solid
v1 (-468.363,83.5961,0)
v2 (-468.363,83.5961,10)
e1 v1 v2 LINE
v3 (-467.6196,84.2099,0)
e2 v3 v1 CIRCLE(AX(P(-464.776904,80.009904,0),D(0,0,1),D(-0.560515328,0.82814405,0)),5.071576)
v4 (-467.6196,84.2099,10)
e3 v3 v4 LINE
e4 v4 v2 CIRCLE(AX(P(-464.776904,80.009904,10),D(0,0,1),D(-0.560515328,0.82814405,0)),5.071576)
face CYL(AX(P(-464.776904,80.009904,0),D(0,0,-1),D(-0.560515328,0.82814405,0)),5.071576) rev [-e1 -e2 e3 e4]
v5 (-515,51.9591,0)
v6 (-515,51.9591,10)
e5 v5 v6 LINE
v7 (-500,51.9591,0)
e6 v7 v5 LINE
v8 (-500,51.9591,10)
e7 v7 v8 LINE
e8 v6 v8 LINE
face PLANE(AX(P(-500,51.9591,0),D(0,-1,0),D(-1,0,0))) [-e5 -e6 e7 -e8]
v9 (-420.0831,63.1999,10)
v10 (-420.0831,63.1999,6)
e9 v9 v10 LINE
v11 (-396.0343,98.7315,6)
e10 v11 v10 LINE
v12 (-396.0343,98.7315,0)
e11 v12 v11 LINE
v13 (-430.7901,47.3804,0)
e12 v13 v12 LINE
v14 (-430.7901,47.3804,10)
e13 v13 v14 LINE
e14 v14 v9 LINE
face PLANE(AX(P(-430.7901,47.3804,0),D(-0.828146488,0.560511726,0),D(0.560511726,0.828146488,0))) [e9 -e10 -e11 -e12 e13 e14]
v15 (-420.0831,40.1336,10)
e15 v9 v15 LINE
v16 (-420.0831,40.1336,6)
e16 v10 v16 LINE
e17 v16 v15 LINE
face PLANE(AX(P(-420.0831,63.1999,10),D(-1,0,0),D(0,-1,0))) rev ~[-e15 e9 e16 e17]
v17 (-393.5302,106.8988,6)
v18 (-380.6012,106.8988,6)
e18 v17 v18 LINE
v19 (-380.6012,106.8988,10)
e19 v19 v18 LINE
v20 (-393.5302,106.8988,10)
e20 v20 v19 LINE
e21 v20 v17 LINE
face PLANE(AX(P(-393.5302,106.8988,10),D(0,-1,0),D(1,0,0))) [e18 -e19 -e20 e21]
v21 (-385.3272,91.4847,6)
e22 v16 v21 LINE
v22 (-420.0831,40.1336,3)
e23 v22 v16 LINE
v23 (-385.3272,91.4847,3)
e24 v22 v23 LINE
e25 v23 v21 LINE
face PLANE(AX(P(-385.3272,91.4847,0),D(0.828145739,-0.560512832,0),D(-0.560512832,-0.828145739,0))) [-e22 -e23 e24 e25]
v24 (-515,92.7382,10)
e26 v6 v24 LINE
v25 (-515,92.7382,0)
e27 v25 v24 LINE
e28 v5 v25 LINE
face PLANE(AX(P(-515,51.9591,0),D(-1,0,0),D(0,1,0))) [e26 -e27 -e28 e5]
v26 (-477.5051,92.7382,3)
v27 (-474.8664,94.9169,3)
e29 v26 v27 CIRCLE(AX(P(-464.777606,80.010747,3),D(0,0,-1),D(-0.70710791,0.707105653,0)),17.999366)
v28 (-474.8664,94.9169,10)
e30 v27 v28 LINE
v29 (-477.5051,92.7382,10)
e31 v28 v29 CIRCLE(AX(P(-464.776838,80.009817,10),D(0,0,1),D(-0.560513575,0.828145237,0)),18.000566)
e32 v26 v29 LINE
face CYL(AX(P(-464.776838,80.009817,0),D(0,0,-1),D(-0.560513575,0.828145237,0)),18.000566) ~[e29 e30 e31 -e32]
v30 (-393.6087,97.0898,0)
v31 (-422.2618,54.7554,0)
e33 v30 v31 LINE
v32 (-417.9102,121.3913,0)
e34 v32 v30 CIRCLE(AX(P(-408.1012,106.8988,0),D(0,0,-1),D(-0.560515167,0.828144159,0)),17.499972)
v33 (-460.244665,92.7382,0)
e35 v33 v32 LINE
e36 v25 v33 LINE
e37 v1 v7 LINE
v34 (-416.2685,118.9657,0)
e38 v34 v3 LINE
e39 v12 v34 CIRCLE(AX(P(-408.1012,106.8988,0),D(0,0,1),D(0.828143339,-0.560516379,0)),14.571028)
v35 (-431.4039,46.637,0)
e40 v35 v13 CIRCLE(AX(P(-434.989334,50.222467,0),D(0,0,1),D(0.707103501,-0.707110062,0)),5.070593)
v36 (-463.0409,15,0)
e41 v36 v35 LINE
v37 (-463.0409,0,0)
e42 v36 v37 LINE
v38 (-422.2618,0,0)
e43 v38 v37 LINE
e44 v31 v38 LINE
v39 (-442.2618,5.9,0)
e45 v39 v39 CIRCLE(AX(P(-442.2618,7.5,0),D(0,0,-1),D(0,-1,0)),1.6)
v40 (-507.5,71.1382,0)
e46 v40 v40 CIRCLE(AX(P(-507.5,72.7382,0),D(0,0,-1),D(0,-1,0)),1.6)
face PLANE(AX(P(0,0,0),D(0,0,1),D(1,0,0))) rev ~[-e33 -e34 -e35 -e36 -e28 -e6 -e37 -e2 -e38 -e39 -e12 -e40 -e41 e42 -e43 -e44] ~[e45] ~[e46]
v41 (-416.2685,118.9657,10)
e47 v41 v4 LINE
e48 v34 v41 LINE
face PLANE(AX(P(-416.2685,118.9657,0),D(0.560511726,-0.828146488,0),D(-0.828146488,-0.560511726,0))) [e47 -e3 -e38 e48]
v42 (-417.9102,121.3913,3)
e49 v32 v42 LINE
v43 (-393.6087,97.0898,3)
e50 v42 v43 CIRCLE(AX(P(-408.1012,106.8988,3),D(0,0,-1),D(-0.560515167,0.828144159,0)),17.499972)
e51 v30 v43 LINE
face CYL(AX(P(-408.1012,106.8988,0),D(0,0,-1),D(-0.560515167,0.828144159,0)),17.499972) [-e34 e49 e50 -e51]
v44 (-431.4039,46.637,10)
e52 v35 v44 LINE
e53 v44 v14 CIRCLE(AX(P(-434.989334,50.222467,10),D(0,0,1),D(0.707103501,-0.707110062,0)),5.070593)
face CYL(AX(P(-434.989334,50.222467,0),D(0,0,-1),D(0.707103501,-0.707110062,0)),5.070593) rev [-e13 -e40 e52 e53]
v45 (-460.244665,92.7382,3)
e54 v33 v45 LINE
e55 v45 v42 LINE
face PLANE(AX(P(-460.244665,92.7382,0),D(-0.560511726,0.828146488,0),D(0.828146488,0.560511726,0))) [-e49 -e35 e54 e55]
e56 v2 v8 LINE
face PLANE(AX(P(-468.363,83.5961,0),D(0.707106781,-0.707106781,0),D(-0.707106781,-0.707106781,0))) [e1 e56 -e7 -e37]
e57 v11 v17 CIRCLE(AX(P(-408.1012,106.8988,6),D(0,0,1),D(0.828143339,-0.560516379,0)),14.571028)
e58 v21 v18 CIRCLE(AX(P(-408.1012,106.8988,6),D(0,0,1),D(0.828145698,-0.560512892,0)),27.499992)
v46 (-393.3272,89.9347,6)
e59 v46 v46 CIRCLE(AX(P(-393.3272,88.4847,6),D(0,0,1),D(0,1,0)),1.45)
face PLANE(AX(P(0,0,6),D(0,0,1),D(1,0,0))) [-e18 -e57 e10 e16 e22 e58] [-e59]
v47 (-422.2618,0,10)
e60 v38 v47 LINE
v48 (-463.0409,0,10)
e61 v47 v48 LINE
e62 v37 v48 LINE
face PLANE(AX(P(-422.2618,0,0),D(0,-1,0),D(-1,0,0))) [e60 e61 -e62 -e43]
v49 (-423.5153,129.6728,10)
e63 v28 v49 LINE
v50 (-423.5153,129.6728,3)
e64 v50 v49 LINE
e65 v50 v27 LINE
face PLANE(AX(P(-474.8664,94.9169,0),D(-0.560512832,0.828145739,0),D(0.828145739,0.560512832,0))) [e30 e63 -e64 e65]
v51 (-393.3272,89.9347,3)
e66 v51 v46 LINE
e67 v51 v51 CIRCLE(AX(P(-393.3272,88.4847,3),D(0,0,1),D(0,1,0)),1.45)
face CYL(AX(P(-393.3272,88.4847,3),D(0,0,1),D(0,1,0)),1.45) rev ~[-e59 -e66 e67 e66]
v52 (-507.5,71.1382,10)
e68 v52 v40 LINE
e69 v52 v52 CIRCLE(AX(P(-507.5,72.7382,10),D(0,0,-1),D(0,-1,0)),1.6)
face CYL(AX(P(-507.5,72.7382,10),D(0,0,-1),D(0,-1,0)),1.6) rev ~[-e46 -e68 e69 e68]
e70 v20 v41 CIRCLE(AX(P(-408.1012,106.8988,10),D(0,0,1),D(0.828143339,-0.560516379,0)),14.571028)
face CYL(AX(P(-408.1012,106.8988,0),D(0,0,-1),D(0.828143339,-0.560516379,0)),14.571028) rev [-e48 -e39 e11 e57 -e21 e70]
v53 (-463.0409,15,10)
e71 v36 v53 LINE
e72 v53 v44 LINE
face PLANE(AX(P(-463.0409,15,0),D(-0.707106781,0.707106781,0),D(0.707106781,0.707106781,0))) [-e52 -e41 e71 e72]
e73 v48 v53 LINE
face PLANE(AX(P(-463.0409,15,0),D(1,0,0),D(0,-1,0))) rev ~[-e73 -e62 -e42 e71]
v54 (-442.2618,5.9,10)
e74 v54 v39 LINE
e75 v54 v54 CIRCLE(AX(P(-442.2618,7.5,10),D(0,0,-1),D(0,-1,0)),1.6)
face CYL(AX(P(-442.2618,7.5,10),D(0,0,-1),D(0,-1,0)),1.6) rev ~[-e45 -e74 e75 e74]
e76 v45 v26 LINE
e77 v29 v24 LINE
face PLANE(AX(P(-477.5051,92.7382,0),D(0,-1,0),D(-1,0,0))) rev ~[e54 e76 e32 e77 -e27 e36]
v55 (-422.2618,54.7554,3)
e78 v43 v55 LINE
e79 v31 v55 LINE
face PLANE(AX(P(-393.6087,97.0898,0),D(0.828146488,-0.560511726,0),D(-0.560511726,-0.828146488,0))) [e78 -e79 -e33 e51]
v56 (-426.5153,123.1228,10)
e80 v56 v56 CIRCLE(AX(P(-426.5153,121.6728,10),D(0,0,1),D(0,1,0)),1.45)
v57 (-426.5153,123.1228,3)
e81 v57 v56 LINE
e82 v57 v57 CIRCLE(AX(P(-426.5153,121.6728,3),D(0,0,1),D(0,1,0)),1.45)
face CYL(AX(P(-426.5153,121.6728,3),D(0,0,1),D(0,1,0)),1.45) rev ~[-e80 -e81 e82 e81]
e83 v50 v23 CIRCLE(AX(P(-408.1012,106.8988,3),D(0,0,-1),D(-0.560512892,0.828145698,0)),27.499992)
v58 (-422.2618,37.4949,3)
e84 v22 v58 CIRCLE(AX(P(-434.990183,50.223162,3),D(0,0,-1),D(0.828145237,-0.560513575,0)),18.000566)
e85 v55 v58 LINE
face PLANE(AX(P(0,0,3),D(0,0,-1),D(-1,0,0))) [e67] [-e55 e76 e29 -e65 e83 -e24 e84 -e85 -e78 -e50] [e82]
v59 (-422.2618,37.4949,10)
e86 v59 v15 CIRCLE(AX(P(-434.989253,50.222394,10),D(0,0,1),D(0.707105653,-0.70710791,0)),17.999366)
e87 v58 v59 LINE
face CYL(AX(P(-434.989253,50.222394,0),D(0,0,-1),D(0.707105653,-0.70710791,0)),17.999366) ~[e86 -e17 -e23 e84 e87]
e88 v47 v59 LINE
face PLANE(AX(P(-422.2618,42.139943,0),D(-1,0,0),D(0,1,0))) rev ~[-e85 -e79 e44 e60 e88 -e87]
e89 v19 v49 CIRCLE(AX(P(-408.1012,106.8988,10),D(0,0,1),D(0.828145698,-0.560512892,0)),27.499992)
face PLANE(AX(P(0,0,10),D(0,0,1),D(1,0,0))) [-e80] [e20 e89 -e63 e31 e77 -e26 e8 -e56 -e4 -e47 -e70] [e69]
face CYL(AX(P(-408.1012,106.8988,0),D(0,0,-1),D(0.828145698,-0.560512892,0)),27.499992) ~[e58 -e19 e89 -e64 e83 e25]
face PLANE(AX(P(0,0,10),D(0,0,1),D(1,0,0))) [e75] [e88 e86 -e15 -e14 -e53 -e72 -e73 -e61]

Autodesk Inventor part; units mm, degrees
ref_plane "YZ Plane" through (0, 0, 0) normal (1, 0, 0) x (0, 1, 0)
ref_plane "XZ Plane" through (0, 0, 0) normal (0, 1, 0) x (-1, 0, 0)
ref_plane "XY Plane" through (0, 0, 0) normal (0, 0, 1) x (1, 0, 0)
sketch "Sketch13" plane through (0, 0, 0) normal (0, 0, 1) x (1, 0, 0)
  line L0 (-500, 9) -> (0, 9) construction
  line L1 (0, 9) -> (0, 15) projected
  line L2 (0, 15) -> (-500, 15) projected
  line L3 (-500, 9) -> (-500, 15) projected
  line L4 (6, 15) -> (6, 375) projected
  line L5 (0, 375) -> (6, 375) projected
  line L6 (0, 15) -> (0, 375) projected
  line L7 (0, 15) -> (6, 15) projected
  line L8 (-506, 375) -> (-506, 15) construction
  line L9 (-506, 15) -> (-500, 15) projected
  line L10 (-500, 15) -> (-500, 375) projected
  line L11 (-506, 375) -> (-500, 375) projected
  line L12 (-463.8988, 17.0711) -> (-473.7868, 17.0711) projected
  line L13 (-473.7868, 17.0711) -> (-497.9289, 41.2132) projected
  line L14 (-497.9289, 41.2132) -> (-497.9289, 51.1012) projected
  line L15 (-497.9289, 51.1012) -> (-466.8985, 82.1316) projected
  arc A0 (-466.4587, 82.4947) -> (-466.8985, 82.1316) centre (-464.7772, 80.0103) ccw projected
  line L16 (-466.4587, 82.4947) -> (-415.1076, 117.2506) projected
  arc A1 (-397.7494, 99.8924) -> (-415.1076, 117.2506) centre (-408.1012, 106.8988) ccw projected
  line L17 (-397.7494, 99.8924) -> (-432.5053, 48.5413) projected
  arc A2 (-432.8684, 48.1015) -> (-432.5053, 48.5413) centre (-434.9897, 50.2228) ccw projected
  line L18 (-432.8684, 48.1015) -> (-463.8988, 17.0711) projected
  circle A3 centre (-460.0736, 33.7132) radius 4 projected
  circle A4 centre (-438.8604, 54.9264) radius 4 projected
  circle A5 centre (-460.0736, 76.1396) radius 4 projected
  circle A6 centre (-481.2868, 54.9264) radius 4 projected
  circle A7 centre (-460.0736, 54.9264) radius 13 projected
  line L19 (-430.7901, 47.3804) -> (-396.0343, 98.7315)
  arc A8 (-396.0343, 98.7315) -> (-416.2685, 118.9657) centre (-408.1012, 106.8988) ccw
  line L20 (-416.2685, 118.9657) -> (-467.6196, 84.2099)
  arc A9 (-467.6196, 84.2099) -> (-468.363, 83.5961) centre (-464.7772, 80.0103) ccw
  line L21 (-468.363, 83.5961) -> (-500, 51.9591)
  line L22 (-500, 51.9591) -> (-500, 40.3553)
  line L23 (-500, 40.3553) -> (-474.6447, 15)
  line L24 (-474.6447, 15) -> (-463.0409, 15)
  line L25 (-463.0409, 15) -> (-431.4039, 46.637)
  arc A10 (-431.4039, 46.637) -> (-430.7901, 47.3804) centre (-434.9897, 50.2228) ccw
  line L26 (-385.3272, 91.4847) -> (-420.0831, 40.1336)
  arc A11 (-422.2618, 37.4949) -> (-420.0831, 40.1336) centre (-434.9897, 50.2228) ccw
  line L27 (-422.2618, 37.4949) -> (-457.6856, 2.0711)
  line L28 (-457.6856, 2.0711) -> (-480, 2.0711)
  line L29 (-480, 2.0711) -> (-512.9289, 35)
  line L30 (-512.9289, 35) -> (-512.9289, 57.3144)
  line L31 (-512.9289, 57.3144) -> (-477.5051, 92.7382)
  arc A12 (-474.8664, 94.9169) -> (-477.5051, 92.7382) centre (-464.7772, 80.0103) ccw
  line L32 (-474.8664, 94.9169) -> (-423.5153, 129.6728)
  arc A13 (-385.3272, 91.4847) -> (-423.5153, 129.6728) centre (-408.1012, 106.8988) ccw
  line L33 (-422.2618, 37.4949) -> (-422.2618, 0)
  line L34 (-477.5051, 92.7382) -> (-515, 92.7382)
  line L35 (0, 6) -> (-500, 6) construction
  line L36 (-500, 0) -> (-500, 6) projected
  line L37 (0, 0) -> (-500, 0) projected
  line L38 (0, 0) -> (0, 6) projected
  line L39 (-509, 15) -> (-509, 375) construction
  line L40 (-515, 375) -> (-509, 375) projected
  line L41 (-515, 15) -> (-515, 375) projected
  line L42 (-515, 15) -> (-509, 15) projected
  line L43 (-500, 51.9591) -> (-515, 51.9591)
  line L44 (-463.0409, 15) -> (-463.0409, 0)
  point P0 (-422.2618, 15)
  point P1 (-500, 92.7382)
  dimension "d27" = 15
extrude "Extrusion14" add sketch "Sketch13" along normal blind 10 contours L25 A10 L19 A8 L20 A9 L21 L10 L31 A12 L32 A13 L26 A11 L27 L2 | L2 L27 L28 L44 | L27 L33 L2 | L2 L33 L37 L44 L28 L27 | L43 L30 L31 L10 | L31 L30 L43 L41 L34 L10 | L10 L34 L31
sketch "Sketch14" plane through (0, 0, 0) normal (0, 0, -1) x (-1, 0, 0)
  line L0 (467.6196, 84.2099) -> (416.2685, 118.9657) projected
  arc A0 (468.363, 83.5961) -> (467.6196, 84.2099) centre (464.7772, 80.0103) ccw projected
  line L1 (500, 51.9591) -> (468.363, 83.5961) projected
  line L2 (515, 51.9591) -> (500, 51.9591) projected
  line L3 (515, 92.7382) -> (515, 51.9591) projected
  line L4 (477.5051, 92.7382) -> (515, 92.7382) projected
  arc A1 (477.5051, 92.7382) -> (474.8664, 94.9169) centre (464.7772, 80.0103) ccw projected
  line L5 (423.5153, 129.6728) -> (474.8664, 94.9169) projected
  arc A2 (423.5153, 129.6728) -> (385.3272, 91.4847) centre (408.1012, 106.8988) ccw projected
  line L6 (420.0831, 40.1336) -> (385.3272, 91.4847) projected
  arc A3 (420.0831, 40.1336) -> (422.2618, 37.4949) centre (434.9897, 50.2228) ccw projected
  line L7 (422.2618, 0) -> (422.2618, 37.4949) projected
  line L8 (463.0409, 0) -> (422.2618, 0) projected
  line L9 (463.0409, 15) -> (463.0409, 0) projected
  line L10 (431.4039, 46.637) -> (463.0409, 15) projected
  arc A4 (430.7901, 47.3804) -> (431.4039, 46.637) centre (434.9897, 50.2228) ccw projected
  line L11 (396.0343, 98.7315) -> (430.7901, 47.3804) projected
  arc A5 (416.2685, 118.9657) -> (396.0343, 98.7315) centre (408.1012, 106.8988) ccw projected
  arc A6 (421.8736, 127.2472) -> (387.7528, 93.1264) centre (408.1012, 106.8988) ccw
  line L12 (421.8736, 127.2472) -> (473.2247, 92.4914)
  arc A7 (476.2278, 89.8093) -> (473.2247, 92.4914) centre (464.7772, 80.0103) ccw
  line L13 (476.2278, 89.8093) -> (512.0711, 89.8093)
  line L14 (512.0711, 89.8093) -> (512.0711, 54.888)
  line L15 (512.0711, 54.888) -> (501.2132, 54.888)
  line L16 (501.2132, 54.888) -> (470.434, 85.6672)
  arc A8 (470.434, 85.6672) -> (469.2613, 86.6355) centre (464.7772, 80.0103) ccw
  line L17 (469.2613, 86.6355) -> (417.9102, 121.3913)
  arc A9 (417.9102, 121.3913) -> (393.6087, 97.0898) centre (408.1012, 106.8988) ccw
  line L18 (393.6087, 97.0898) -> (428.3645, 45.7387)
  arc A10 (428.3645, 45.7387) -> (429.3328, 44.566) centre (434.9897, 50.2228) ccw
  line L19 (429.3328, 44.566) -> (460.112, 13.7868)
  line L20 (460.112, 13.7868) -> (460.112, 2.9289)
  line L21 (460.112, 2.9289) -> (425.1907, 2.9289)
  line L22 (425.1907, 2.9289) -> (425.1907, 38.7722)
  arc A11 (422.5086, 41.7753) -> (425.1907, 38.7722) centre (434.9897, 50.2228) ccw
  line L23 (422.5086, 41.7753) -> (387.7528, 93.1264)
  line L24 (422.2618, 0) -> (422.2618, 37.4949) projected
  line L25 (422.2618, 37.4949) -> (422.2618, 54.7554)
  line L26 (477.5051, 92.7382) -> (515, 92.7382) projected
  line L27 (477.5051, 92.7382) -> (455.0191, 92.7382)
  line L28 (467.6196, 84.2099) -> (416.2685, 118.9657) projected
  point P0 (0, 0)
  point P1 (460.2446, 92.7382)
  dimension "d32" = 10
extrude "Extrusion15" cut sketch "Sketch14" against normal blind 3 contours L17 A9 L18 L25 L23 A6 L12 L27 | L12 A6 L23 L25 A3 L6 A2 L5 A1 L27
sketch "Sketch15" plane through (0, 0, 10) normal (0, 0, 1) x (1, 0, 0)
  line L0 (-467.6196, 84.2099) -> (-416.2685, 118.9657) projected
  arc A0 (-396.0343, 98.7315) -> (-416.2685, 118.9657) centre (-408.1012, 106.8988) ccw projected
  line L1 (-396.0343, 98.7315) -> (-430.7901, 47.3804) projected
  arc A1 (-431.4039, 46.637) -> (-430.7901, 47.3804) centre (-434.9897, 50.2228) ccw projected
  line L2 (-431.4039, 46.637) -> (-463.0409, 15) projected
  line L3 (-463.0409, 15) -> (-463.0409, 0) projected
  line L4 (-463.0409, 0) -> (-422.2618, 0) projected
  line L5 (-422.2618, 0) -> (-422.2618, 37.4949) projected
  arc A2 (-422.2618, 37.4949) -> (-420.0831, 40.1336) centre (-434.9897, 50.2228) ccw projected
  line L6 (-420.0831, 40.1336) -> (-385.3272, 91.4847) projected
  arc A3 (-385.3272, 91.4847) -> (-423.5153, 129.6728) centre (-408.1012, 106.8988) ccw projected
  line L7 (-423.5153, 129.6728) -> (-474.8664, 94.9169) projected
  arc A4 (-474.8664, 94.9169) -> (-477.5051, 92.7382) centre (-464.7772, 80.0103) ccw projected
  line L8 (-477.5051, 92.7382) -> (-515, 92.7382) projected
  line L9 (-515, 92.7382) -> (-515, 51.9591) projected
  line L10 (-515, 51.9591) -> (-500, 51.9591) projected
  line L11 (-500, 51.9591) -> (-468.363, 83.5961) projected
  arc A5 (-467.6196, 84.2099) -> (-468.363, 83.5961) centre (-464.7772, 80.0103) ccw projected
  line L12 (-396.0343, 98.7315) -> (-430.7901, 47.3804) projected
  line L13 (-420.0831, 40.1336) -> (-385.3272, 91.4847) projected
  line L14 (-420.0831, 63.1999) -> (-420.0831, 40.1336)
  arc A6 (-396.0343, 98.7315) -> (-416.2685, 118.9657) centre (-408.1012, 106.8988) ccw projected
  line L15 (-393.5302, 106.8988) -> (-380.6012, 106.8988)
  arc A7 (-385.3272, 91.4847) -> (-423.5153, 129.6728) centre (-408.1012, 106.8988) ccw projected
  point P0 (0, 0)
extrude "Extrusion16" cut sketch "Sketch15" against normal blind 4 contours L15 A3 L6 L14 L1 A0
sketch "Sketch16" plane through (0, 0, 3) normal (0, 0, -1) x (-1, 0, 0)
  line L0 (420.0831, 40.1336) -> (385.3272, 91.4847) projected
  arc A0 (423.5153, 129.6728) -> (385.3272, 91.4847) centre (408.1012, 106.8988) ccw projected
  line L1 (423.5153, 129.6728) -> (474.8664, 94.9169) projected
  point P0 (0, 0)
  point P1 (393.3272, 88.4847)
  point P2 (426.5153, 121.6728)
  dimension "d37" = 8
  dimension "d38" = 3
  dimension "d39" = 8
  dimension "d40" = 3
hole "Hole1" at (-393.3272, 88.4847, 3) at (-426.5153, 121.6728, 3) direction (0, 0, 1) diameter 2.9 end through all
sketch "Sketch17" plane through (0, 0, 10) normal (0, 0, 1) x (1, 0, 0)
  line L0 (-422.2618, 0) -> (-422.2618, 37.4949) projected
  line L1 (-477.5051, 92.7382) -> (-515, 92.7382) projected
  point P0 (0, 0)
  point P1 (-442.2618, 7.5)
  point P2 (-507.5, 72.7382)
  point P3 (-422.2618, 18.7474)
  dimension "d48" = 7.5
  dimension "d49" = 7.5
  dimension "d50" = 20
  dimension "d51" = 20
hole "Hole2" at (-442.2618, 7.5, 10) at (-507.5, 72.7382, 10) direction (0, 0, -1) diameter 3.2 end through all
equation "\"d40\" = d38"
equation "\"d49\" = d48"
equation "\"d51\" = d50"
properties part number "Front Right Cover Bracket" material "ABS Plastic"
